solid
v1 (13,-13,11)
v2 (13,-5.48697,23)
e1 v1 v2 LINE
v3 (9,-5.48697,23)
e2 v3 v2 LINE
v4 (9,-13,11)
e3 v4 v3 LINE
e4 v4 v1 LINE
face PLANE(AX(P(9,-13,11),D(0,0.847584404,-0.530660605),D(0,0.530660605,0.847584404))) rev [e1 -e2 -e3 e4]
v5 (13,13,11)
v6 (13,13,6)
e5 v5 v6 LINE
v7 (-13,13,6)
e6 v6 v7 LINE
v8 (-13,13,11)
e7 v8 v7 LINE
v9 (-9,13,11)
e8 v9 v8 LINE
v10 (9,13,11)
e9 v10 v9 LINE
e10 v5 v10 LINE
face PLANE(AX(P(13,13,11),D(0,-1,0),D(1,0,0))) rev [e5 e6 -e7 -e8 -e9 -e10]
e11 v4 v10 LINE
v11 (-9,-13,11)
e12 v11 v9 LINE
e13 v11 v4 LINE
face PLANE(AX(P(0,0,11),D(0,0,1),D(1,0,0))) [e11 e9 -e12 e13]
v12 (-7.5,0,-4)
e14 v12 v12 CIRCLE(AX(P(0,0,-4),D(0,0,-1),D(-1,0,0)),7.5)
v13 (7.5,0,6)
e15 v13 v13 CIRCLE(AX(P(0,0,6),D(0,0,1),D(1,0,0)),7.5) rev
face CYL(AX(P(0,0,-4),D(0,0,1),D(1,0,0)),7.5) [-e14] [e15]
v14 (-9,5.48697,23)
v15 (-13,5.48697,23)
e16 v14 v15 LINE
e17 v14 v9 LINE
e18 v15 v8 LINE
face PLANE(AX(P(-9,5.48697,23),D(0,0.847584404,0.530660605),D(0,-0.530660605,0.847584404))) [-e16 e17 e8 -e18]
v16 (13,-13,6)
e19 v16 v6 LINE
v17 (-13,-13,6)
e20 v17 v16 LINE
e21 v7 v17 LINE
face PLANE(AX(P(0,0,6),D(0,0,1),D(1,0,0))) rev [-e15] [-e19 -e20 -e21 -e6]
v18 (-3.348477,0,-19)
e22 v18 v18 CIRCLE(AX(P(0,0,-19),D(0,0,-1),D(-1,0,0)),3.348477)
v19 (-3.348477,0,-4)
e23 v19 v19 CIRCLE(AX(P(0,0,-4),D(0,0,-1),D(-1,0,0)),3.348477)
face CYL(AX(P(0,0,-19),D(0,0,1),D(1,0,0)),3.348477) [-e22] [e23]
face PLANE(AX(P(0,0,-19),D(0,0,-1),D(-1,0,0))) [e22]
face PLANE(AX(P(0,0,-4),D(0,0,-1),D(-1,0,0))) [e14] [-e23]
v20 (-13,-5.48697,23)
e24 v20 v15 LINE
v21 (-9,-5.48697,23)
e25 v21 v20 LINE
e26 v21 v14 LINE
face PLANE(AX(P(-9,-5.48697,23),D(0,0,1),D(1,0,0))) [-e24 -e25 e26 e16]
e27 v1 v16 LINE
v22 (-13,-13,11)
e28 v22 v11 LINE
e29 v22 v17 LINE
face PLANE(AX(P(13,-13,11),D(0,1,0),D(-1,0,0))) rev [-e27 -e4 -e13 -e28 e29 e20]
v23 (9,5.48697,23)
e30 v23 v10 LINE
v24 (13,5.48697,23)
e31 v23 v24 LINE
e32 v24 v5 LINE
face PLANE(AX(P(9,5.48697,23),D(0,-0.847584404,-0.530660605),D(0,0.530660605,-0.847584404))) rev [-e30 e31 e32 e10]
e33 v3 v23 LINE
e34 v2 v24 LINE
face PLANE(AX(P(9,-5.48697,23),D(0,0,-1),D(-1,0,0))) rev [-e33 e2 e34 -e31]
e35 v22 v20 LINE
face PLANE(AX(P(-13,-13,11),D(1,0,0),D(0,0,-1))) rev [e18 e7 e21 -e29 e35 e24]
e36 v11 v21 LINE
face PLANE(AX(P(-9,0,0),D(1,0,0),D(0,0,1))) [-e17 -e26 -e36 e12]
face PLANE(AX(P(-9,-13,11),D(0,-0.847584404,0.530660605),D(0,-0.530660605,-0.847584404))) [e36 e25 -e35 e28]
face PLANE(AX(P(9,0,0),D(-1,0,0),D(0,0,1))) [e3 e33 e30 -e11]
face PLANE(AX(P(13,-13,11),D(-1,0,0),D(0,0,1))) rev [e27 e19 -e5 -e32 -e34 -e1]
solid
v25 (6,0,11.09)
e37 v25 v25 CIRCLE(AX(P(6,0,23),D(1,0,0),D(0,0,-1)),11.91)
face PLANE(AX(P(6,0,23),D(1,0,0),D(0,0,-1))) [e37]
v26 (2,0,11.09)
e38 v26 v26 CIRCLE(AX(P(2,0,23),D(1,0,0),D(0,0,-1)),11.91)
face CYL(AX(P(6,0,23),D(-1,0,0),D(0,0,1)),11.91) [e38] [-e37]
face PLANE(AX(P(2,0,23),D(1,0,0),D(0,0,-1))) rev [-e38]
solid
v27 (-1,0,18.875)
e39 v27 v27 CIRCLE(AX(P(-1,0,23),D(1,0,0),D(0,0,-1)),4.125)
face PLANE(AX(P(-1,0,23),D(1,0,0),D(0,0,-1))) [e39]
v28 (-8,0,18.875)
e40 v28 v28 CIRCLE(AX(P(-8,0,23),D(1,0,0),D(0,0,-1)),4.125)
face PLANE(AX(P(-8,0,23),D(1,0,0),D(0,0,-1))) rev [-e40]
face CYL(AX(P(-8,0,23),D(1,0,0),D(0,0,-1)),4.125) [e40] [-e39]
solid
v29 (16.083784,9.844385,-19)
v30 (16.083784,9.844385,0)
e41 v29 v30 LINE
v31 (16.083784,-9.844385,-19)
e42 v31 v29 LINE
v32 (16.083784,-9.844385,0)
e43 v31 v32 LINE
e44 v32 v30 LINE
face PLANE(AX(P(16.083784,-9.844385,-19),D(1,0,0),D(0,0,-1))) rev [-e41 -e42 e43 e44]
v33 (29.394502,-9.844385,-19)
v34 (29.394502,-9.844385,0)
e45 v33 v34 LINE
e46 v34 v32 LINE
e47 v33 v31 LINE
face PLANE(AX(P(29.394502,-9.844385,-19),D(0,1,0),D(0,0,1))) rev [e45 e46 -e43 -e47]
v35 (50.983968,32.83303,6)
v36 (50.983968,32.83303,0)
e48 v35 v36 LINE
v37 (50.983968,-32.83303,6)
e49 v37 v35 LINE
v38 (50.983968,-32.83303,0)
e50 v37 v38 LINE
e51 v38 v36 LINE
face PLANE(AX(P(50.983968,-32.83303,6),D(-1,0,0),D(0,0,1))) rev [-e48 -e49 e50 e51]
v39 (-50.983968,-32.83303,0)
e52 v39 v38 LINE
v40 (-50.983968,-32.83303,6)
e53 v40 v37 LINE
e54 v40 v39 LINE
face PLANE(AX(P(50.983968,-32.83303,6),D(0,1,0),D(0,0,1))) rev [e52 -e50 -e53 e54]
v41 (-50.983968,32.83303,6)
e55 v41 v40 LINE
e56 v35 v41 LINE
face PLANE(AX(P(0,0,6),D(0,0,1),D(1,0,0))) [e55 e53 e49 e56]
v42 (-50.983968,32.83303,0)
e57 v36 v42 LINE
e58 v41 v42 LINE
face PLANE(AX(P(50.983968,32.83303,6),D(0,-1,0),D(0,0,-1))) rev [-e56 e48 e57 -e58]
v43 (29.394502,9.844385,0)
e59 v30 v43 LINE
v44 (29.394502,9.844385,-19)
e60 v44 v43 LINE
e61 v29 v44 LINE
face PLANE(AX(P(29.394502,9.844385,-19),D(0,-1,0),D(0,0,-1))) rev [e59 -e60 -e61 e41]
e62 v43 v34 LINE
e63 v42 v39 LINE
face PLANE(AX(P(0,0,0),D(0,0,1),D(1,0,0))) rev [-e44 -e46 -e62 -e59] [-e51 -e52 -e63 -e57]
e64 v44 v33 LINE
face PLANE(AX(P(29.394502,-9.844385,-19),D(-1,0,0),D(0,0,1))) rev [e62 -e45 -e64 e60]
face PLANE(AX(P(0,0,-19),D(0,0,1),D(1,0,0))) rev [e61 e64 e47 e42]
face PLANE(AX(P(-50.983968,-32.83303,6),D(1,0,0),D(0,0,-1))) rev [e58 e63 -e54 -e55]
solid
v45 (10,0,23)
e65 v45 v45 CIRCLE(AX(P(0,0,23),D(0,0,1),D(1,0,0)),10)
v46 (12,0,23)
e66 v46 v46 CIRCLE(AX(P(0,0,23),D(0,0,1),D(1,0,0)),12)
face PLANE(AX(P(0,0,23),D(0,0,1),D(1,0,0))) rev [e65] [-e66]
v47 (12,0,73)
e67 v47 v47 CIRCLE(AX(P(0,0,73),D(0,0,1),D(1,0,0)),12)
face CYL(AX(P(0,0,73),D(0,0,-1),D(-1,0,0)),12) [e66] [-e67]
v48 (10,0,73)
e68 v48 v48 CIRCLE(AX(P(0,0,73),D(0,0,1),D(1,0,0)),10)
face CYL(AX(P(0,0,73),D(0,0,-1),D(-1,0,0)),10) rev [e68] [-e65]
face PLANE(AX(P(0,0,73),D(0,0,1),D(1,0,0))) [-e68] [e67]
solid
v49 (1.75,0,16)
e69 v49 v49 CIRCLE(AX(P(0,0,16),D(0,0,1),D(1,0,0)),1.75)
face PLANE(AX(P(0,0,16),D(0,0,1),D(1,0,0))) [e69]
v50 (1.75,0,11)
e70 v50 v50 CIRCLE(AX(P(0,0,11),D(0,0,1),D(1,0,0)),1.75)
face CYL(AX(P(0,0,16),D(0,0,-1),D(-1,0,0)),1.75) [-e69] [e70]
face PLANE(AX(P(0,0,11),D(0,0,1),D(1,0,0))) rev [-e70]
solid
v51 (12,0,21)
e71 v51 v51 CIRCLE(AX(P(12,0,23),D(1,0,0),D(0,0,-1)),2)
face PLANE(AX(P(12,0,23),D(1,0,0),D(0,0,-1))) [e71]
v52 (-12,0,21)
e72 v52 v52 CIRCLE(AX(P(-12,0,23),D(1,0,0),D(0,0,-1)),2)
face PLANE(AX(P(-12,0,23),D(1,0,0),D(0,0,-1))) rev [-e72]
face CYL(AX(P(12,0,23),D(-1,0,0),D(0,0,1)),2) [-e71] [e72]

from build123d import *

# Parameters (mm, degrees)
SKETCH4_W            = 101.967936368
SKETCH4_H            = 65.666060288
BOSS_EXTRUDE4_DEPTH  = 6
SKETCH5_W            = 26
SKETCH5_H            = 26
BOSS_EXTRUDE5_DEPTH  = 5
BOSS_EXTRUDE6_DEPTH  = 4
SKETCH7_R            = 12
SKETCH7_R_2          = 10
EXTRUDE_THIN1_DEPTH  = 50
SKETCH8_R            = 1.75
BOSS_EXTRUDE7_DEPTH  = 5
BOSS_EXTRUDE8_START  = 2
SKETCH10_R           = 11.91
BOSS_EXTRUDE8_DEPTH  = 4
SKETCH11_R           = 2
BOSS_EXTRUDE9_DEPTH  = 12
SKETCH13_R           = 7.5
BOSS_EXTRUDE11_DEPTH = 10
BOSS_EXTRUDE12_START = -1
SKETCH14_R           = 4.125
BOSS_EXTRUDE12_DEPTH = 7
SKETCH15_R           = 3.348476615
BOSS_EXTRUDE13_DEPTH = 15
SKETCH16_W           = 13.310717663
SKETCH16_H           = 19.688769876
BOSS_EXTRUDE14_DEPTH = 19


with BuildPart() as part:
    # Sketch4 → Boss-Extrude4 (new body)
    with BuildSketch(Plane.XY):
        Rectangle(SKETCH4_W, SKETCH4_H)
    extrude(amount=BOSS_EXTRUDE4_DEPTH)

    # Sketch16 → Boss-Extrude14 (add)
    with BuildSketch(Plane(origin=(0, 0, 0), x_dir=(-1, 0, 0), z_dir=(0, 0, -1))):
        with Locations((-22.739142675, 0)):
            Rectangle(SKETCH16_W, SKETCH16_H)
    extrude(amount=BOSS_EXTRUDE14_DEPTH)


with BuildPart() as body_2:
    # Sketch5 → Boss-Extrude5 (new body)
    with BuildSketch(Plane.XY.offset(6)):
        Rectangle(SKETCH5_W, SKETCH5_H)
    extrude(amount=BOSS_EXTRUDE5_DEPTH)

    # Sketch6 → Boss-Extrude6 (add)
    with BuildSketch(Plane(origin=(13, 0, 0), x_dir=(0, 0, -1), z_dir=(1, 0, 0))):
        Polygon((-11, -13), (-23, -5.486969756), (-23, 5.486969756), (-11, 13), align=None)
    boss_extrude6 = extrude(amount=-BOSS_EXTRUDE6_DEPTH)

    # Mirror1: Boss-Extrude6 across plane
    add(boss_extrude6.mirror(Plane(origin=(0, 0, 0), x_dir=(0, 0, 1), z_dir=(1, 0, 0))))

    # Sketch13 → Boss-Extrude11 (add)
    with BuildSketch(Plane(origin=(0, 0, 6), x_dir=(-1, 0, 0), z_dir=(0, 0, -1))):
        with Locations(Location((0, 0, 0), (0, 0, 180))):
            Circle(SKETCH13_R)
    extrude(amount=BOSS_EXTRUDE11_DEPTH)

    # Sketch15 → Boss-Extrude13 (add)
    with BuildSketch(Plane(origin=(0, 0, -4), x_dir=(-1, 0, 0), z_dir=(0, 0, -1))):
        Circle(SKETCH15_R)
    extrude(amount=BOSS_EXTRUDE13_DEPTH)


with BuildPart() as body_3:
    # Sketch7 → Extrude-Thin1 (new body)
    with BuildSketch(Plane.XY.offset(23)):
        Circle(SKETCH7_R)
        Circle(SKETCH7_R_2, mode=Mode.SUBTRACT)
    extrude(amount=EXTRUDE_THIN1_DEPTH)


with BuildPart() as body_4:
    # Sketch8 → Boss-Extrude7 (new body)
    with BuildSketch(Plane.XY.offset(11)):
        Circle(SKETCH8_R)
    extrude(amount=BOSS_EXTRUDE7_DEPTH)


with BuildPart() as body_5:
    # Sketch10 → Boss-Extrude8 (new body)
    with BuildSketch(Plane(origin=(0, 0, 0), x_dir=(0, 0, -1), z_dir=(1, 0, 0)).offset(BOSS_EXTRUDE8_START)):
        with Locations((-23, 0)):
            Circle(SKETCH10_R)
    extrude(amount=BOSS_EXTRUDE8_DEPTH)


with BuildPart() as body_6:
    # Sketch11 → Boss-Extrude9 (new, symmetric)
    with BuildSketch(Plane(origin=(0, 0, 0), x_dir=(0, 0, -1), z_dir=(1, 0, 0))):
        with Locations((-23, 0)):
            Circle(SKETCH11_R)
    extrude(amount=BOSS_EXTRUDE9_DEPTH, both=True)


with BuildPart() as body_7:
    # Sketch14 → Boss-Extrude12 (new body)
    with BuildSketch(Plane(origin=(0, 0, 0), x_dir=(0, 0, -1), z_dir=(1, 0, 0)).offset(BOSS_EXTRUDE12_START)):
        with Locations((-23, 0)):
            Circle(SKETCH14_R)
    extrude(amount=-BOSS_EXTRUDE12_DEPTH)


solid = Compound([part.part, body_2.part, body_3.part, body_4.part, body_5.part, body_6.part, body_7.part])
